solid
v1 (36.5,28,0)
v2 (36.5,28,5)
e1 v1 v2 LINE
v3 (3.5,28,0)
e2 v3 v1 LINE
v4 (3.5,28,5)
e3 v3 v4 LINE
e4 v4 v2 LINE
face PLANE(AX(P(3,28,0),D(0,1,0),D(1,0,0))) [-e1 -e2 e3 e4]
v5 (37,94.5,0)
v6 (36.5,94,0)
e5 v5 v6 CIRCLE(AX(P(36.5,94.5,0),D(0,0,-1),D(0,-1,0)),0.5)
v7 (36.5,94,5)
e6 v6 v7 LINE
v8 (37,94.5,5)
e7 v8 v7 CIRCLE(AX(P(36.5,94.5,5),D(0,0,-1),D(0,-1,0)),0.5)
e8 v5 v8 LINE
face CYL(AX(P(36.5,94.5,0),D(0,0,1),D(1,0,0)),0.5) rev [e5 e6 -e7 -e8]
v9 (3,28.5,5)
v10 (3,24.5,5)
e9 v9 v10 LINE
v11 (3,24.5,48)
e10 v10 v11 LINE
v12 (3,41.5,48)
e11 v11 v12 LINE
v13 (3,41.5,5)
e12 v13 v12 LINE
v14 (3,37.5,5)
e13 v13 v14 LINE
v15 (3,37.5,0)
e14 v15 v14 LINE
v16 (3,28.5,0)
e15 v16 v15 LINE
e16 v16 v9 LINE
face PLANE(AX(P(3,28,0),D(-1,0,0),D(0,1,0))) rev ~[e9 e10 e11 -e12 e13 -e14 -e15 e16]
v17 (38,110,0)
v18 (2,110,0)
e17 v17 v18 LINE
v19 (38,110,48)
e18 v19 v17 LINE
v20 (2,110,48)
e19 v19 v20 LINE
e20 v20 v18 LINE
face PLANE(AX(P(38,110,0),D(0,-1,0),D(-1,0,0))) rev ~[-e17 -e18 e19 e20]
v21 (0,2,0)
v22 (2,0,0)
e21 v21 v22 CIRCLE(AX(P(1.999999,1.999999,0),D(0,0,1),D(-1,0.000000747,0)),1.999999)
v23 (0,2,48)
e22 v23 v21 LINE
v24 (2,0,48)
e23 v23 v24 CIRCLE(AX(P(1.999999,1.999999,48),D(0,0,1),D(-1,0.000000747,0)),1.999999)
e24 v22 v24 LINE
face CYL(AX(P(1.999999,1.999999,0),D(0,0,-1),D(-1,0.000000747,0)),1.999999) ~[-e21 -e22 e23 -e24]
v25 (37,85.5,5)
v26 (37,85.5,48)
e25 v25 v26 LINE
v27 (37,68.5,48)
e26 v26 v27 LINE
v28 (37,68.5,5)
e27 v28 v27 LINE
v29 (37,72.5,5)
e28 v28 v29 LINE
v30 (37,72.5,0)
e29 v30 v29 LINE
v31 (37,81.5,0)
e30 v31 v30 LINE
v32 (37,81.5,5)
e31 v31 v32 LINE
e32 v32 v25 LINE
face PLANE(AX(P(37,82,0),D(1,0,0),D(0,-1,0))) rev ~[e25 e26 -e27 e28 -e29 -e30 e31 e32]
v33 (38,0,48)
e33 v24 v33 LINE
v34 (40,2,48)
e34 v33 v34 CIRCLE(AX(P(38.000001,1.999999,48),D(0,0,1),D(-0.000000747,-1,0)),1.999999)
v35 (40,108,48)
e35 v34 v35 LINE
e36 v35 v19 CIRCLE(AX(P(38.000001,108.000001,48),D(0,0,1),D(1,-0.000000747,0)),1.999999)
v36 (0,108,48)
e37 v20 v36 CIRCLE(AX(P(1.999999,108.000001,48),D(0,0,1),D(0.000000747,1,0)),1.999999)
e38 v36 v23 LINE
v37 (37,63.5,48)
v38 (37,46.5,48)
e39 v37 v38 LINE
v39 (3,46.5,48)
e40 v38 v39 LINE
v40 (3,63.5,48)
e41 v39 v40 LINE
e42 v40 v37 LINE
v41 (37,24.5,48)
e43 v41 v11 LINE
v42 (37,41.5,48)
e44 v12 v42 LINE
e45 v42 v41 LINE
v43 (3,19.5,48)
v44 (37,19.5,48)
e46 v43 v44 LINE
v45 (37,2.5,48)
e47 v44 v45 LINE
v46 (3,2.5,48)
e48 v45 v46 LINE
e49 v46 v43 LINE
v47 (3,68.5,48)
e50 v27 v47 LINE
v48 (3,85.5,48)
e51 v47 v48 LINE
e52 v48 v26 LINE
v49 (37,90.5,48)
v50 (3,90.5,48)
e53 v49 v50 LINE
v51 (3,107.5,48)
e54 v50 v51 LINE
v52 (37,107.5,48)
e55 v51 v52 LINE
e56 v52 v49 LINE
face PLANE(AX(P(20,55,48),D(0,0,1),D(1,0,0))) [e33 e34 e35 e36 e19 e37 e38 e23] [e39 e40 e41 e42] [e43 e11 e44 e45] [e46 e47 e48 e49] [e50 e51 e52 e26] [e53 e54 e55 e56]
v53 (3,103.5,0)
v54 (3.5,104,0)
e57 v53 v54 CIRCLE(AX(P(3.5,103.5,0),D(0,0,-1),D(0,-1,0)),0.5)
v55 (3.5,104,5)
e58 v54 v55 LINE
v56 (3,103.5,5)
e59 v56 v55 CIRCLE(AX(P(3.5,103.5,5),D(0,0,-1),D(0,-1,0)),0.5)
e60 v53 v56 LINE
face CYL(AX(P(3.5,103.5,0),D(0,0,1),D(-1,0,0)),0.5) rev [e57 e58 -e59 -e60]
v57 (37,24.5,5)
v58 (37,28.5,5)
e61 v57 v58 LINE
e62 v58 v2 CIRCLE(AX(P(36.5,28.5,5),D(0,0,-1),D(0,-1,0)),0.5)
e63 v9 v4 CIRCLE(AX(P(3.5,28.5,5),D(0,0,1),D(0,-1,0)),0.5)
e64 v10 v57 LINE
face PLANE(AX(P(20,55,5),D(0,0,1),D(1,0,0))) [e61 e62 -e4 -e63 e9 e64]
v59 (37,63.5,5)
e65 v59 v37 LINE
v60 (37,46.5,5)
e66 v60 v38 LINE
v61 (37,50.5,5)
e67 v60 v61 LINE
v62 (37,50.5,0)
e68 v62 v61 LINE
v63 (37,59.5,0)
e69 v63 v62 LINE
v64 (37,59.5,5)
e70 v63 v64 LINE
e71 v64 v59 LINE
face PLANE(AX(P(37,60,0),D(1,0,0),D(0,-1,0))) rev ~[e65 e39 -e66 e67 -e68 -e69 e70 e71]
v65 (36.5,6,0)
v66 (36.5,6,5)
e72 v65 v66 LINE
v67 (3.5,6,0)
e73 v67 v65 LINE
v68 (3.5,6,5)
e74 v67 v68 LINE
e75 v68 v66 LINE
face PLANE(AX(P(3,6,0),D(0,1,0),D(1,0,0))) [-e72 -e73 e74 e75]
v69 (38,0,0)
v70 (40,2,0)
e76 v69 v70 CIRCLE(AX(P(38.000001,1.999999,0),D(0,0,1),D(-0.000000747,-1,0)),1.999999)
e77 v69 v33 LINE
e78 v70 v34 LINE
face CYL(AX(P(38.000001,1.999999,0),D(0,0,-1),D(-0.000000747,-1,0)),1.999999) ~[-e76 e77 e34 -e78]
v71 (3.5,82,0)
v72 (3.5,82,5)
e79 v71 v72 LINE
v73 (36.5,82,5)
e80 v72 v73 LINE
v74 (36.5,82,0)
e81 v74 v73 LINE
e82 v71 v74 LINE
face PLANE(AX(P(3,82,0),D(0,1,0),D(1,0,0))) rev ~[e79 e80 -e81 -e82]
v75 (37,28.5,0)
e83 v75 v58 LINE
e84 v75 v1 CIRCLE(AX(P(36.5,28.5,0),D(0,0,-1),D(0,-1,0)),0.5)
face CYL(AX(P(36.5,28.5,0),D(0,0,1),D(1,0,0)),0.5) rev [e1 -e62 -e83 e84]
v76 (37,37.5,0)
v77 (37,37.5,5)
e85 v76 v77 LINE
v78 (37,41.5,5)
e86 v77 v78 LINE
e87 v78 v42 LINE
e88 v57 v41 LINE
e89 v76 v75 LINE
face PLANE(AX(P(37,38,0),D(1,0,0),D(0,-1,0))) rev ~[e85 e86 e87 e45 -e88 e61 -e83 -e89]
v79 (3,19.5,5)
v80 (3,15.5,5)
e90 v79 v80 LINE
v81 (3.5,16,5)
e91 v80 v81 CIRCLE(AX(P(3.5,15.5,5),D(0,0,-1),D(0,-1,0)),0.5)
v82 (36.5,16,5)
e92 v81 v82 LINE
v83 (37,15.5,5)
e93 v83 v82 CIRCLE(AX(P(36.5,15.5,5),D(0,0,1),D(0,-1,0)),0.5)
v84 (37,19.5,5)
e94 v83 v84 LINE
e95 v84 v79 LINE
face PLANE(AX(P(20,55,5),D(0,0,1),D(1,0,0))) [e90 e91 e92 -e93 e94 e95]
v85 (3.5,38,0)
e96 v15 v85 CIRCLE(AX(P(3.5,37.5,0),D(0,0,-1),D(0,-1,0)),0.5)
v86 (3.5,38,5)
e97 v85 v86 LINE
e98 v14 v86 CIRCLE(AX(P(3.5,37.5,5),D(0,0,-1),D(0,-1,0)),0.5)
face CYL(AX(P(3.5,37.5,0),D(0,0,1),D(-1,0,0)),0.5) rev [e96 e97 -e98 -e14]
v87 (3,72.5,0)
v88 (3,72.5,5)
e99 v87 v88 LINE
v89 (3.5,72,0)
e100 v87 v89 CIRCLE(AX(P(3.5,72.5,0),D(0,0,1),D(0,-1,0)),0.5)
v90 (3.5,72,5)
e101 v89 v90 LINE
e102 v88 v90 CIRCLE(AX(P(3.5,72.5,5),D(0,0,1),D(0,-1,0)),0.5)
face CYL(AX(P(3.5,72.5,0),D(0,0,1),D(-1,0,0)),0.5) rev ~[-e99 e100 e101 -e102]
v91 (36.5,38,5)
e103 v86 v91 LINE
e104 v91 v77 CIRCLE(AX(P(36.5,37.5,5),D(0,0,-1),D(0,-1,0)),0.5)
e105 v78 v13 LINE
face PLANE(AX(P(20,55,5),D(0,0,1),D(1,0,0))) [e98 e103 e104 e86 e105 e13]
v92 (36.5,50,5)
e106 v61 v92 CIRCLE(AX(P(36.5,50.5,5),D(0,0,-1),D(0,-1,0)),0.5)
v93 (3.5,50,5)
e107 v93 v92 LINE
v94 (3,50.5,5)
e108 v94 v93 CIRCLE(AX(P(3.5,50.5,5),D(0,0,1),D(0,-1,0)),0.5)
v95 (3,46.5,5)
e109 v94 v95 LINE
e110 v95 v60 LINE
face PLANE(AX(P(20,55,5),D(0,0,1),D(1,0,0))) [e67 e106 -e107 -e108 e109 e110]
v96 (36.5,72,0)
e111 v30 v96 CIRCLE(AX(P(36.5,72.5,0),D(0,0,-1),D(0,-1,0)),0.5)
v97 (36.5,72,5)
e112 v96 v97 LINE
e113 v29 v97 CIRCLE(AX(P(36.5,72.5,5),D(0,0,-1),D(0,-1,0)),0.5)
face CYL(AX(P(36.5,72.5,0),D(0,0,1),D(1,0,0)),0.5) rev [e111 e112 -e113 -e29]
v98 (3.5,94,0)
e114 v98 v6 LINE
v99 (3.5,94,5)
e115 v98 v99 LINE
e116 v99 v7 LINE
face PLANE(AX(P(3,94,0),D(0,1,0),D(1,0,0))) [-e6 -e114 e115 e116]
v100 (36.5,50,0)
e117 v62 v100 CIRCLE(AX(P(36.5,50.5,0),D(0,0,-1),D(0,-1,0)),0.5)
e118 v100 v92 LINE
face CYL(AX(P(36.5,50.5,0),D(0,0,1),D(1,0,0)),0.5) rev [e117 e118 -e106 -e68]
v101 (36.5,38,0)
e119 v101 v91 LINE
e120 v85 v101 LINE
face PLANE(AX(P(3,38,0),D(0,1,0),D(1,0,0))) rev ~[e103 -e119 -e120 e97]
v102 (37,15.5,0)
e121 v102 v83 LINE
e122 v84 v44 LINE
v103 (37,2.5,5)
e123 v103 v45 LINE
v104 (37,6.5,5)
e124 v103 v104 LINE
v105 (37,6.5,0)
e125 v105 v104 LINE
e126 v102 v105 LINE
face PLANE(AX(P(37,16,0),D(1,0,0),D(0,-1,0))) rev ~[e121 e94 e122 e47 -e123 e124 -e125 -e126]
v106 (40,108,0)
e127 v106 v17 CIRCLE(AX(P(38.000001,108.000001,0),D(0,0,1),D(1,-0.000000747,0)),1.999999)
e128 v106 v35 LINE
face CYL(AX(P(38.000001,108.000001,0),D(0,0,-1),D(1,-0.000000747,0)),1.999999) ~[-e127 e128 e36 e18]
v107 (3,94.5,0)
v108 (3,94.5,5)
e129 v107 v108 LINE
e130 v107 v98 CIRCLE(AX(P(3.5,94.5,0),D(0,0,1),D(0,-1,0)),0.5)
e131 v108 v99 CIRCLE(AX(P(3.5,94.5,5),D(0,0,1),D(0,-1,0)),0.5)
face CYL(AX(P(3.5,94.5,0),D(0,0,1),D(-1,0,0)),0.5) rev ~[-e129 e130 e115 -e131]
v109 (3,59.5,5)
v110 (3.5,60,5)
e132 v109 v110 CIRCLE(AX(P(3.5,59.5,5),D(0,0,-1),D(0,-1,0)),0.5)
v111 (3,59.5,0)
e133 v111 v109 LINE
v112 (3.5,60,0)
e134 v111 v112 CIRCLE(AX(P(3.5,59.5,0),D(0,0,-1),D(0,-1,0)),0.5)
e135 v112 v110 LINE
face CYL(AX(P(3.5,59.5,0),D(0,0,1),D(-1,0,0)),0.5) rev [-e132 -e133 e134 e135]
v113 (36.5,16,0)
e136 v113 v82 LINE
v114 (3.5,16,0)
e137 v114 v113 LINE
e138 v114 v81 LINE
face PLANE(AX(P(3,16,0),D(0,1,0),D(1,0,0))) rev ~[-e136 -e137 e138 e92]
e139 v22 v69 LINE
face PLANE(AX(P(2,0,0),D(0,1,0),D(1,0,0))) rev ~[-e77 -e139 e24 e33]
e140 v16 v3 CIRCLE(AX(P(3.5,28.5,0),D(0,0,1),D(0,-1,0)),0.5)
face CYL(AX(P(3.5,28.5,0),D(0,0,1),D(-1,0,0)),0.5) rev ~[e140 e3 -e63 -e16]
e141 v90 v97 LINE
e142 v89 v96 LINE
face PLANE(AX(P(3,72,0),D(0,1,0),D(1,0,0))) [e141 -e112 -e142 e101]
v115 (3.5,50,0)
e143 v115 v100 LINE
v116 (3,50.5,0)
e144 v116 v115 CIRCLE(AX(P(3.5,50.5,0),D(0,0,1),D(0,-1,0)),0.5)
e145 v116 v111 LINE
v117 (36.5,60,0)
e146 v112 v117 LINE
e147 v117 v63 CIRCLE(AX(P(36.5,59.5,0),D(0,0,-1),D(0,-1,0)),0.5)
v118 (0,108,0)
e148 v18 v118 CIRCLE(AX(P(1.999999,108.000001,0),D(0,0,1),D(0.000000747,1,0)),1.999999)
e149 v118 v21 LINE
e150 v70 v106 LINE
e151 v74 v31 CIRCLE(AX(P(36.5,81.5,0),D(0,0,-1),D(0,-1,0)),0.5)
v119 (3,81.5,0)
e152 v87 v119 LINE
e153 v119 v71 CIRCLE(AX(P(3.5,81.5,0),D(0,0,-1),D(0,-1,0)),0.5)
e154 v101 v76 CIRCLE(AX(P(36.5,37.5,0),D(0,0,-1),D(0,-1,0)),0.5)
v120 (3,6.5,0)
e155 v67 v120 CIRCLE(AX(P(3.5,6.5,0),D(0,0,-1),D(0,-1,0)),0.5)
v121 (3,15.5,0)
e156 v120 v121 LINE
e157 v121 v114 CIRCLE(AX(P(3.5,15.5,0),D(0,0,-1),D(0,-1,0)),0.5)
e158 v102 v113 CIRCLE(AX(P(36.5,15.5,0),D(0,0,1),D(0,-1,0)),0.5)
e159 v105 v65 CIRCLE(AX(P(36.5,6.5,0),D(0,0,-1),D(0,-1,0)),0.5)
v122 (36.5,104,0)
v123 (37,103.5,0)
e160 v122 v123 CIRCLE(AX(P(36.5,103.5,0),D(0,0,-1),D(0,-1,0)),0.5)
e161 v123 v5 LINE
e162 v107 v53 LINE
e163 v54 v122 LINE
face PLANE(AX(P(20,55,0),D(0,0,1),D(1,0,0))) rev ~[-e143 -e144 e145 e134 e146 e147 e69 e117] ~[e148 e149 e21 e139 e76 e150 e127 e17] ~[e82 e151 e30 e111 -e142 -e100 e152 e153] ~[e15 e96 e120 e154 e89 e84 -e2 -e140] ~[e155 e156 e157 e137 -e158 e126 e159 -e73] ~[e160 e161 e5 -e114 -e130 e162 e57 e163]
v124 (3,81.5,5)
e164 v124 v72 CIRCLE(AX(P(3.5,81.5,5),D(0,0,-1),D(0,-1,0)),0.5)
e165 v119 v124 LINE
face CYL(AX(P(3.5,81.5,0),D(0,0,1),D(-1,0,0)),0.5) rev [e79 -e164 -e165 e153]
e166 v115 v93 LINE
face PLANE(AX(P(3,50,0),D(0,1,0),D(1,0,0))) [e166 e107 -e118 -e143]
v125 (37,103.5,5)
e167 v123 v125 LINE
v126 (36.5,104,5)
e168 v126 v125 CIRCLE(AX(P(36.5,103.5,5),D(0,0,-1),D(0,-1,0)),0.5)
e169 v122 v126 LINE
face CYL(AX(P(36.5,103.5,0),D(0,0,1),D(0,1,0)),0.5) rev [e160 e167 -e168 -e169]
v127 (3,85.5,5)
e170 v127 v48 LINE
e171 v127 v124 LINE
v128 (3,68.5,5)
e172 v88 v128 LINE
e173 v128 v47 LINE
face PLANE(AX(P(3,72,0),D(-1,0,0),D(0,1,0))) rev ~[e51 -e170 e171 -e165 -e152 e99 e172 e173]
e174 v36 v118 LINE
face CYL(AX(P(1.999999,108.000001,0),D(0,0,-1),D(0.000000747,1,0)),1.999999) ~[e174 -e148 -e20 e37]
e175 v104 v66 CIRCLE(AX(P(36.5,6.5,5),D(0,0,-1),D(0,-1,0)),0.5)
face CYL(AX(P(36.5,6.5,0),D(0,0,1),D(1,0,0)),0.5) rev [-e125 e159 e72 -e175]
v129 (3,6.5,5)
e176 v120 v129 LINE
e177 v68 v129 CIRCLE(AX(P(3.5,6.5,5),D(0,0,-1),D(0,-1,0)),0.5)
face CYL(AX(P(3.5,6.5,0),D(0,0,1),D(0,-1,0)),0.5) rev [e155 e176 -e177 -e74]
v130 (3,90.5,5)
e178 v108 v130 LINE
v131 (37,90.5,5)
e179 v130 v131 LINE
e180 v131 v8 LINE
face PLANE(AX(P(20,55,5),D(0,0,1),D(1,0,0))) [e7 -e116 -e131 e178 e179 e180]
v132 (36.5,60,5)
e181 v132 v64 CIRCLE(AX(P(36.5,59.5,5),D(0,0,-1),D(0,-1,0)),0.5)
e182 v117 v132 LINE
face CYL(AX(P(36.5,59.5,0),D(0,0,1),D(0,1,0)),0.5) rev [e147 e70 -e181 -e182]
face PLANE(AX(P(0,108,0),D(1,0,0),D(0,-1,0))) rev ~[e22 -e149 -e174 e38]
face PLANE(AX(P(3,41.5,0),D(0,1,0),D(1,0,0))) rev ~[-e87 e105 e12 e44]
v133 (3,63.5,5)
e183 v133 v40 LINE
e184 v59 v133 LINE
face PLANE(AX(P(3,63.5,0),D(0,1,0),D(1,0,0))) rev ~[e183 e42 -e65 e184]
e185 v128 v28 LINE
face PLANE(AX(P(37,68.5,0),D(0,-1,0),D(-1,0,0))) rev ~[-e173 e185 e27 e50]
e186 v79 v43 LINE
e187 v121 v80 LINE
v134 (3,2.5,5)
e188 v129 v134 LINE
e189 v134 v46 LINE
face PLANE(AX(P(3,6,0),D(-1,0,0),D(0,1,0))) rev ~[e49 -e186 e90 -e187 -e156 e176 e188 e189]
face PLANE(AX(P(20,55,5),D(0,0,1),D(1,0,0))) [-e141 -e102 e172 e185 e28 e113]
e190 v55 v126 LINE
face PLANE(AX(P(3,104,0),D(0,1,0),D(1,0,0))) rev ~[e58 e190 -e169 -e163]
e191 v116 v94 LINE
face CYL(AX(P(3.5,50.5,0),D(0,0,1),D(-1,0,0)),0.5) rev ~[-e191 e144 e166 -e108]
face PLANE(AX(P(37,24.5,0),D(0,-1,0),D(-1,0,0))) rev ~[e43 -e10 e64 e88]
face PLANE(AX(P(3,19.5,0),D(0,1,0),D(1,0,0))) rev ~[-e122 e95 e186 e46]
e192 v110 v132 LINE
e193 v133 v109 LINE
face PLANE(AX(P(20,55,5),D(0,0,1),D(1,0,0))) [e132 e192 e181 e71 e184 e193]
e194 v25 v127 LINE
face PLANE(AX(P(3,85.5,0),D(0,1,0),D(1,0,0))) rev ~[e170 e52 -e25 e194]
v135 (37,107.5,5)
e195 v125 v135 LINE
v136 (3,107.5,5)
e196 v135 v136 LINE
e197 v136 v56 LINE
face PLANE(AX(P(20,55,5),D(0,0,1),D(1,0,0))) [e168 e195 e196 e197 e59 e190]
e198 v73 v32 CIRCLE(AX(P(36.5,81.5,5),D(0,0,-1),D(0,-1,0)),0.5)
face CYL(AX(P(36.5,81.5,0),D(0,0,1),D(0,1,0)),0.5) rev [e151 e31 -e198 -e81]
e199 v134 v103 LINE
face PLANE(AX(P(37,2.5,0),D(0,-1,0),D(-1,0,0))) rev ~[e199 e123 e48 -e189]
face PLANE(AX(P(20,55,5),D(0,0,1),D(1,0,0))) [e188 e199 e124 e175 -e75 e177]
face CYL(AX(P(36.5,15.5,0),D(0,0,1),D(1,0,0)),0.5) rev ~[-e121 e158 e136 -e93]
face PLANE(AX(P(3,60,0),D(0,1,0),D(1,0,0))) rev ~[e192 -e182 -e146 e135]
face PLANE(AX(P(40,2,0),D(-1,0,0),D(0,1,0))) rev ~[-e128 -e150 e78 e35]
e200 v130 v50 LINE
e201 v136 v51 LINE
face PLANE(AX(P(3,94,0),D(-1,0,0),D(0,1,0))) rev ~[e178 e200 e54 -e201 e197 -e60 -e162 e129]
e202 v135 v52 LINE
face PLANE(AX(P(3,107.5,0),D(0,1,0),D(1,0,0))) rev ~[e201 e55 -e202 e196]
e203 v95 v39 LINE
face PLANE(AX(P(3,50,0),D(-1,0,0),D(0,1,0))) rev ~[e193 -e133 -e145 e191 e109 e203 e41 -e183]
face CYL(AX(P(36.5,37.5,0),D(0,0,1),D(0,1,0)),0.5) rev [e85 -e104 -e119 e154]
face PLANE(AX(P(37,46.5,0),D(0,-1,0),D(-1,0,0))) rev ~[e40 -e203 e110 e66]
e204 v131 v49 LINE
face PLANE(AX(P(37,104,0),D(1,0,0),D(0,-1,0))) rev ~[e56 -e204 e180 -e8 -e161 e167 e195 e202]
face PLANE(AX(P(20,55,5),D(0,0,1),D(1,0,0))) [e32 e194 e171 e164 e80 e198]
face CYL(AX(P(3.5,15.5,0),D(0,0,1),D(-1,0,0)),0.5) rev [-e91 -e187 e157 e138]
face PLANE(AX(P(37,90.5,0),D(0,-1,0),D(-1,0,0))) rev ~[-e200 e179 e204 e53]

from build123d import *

# Parameters (mm, degrees)
F0_W     = 34
F0_H     = 3.5
F1_DEPTH = 5
F2_R     = 0.5
F3_DEPTH = 48


with BuildPart() as f1:
    # F0 (on Top) → F1 (new body)
    with BuildSketch(Plane.XY):
        with BuildLine():
            ThreePointArc((0, 2), (0.585786, 0.585786), (2, 0))
            Line((2, 0), (38, 0))
            ThreePointArc((38, 0), (39.414214, 0.585786), (40, 2))
            Line((40, 2), (40, 108))
            ThreePointArc((40, 108), (39.414214, 109.414214), (38, 110))
            Line((38, 110), (2, 110))
            ThreePointArc((2, 110), (0.585786, 109.414214), (0, 108))
            Line((0, 108), (0, 2))
        make_face()
        Polygon((37, 2.5), (3, 2.5), (3, 6), (3, 16), (3, 19.5), (37, 19.5), (37, 16), (37, 6), align=None, mode=Mode.SUBTRACT)
        Polygon((3, 38), (3, 41.5), (37, 41.5), (37, 38), (37, 28), (37, 24.5), (3, 24.5), (3, 28), align=None, mode=Mode.SUBTRACT)
        Polygon((3, 60), (3, 63.5), (37, 63.5), (37, 60), (37, 50), (37, 46.5), (3, 46.5), (3, 50), align=None, mode=Mode.SUBTRACT)
        Polygon((3, 82), (3, 85.5), (37, 85.5), (37, 82), (37, 72), (37, 68.5), (3, 68.5), (3, 72), align=None, mode=Mode.SUBTRACT)
        Polygon((3, 104), (3, 107.5), (37, 107.5), (37, 104), (37, 94), (37, 90.5), (3, 90.5), (3, 94), align=None, mode=Mode.SUBTRACT)
        with Locations((20, 17.75)):
            Rectangle(F0_W, F0_H)
        with Locations((20, 39.75)):
            Rectangle(F0_W, F0_H)
        with Locations((20, 61.75)):
            Rectangle(F0_W, F0_H)
        with Locations((20, 83.75)):
            Rectangle(F0_W, F0_H)
        with Locations((20, 105.75)):
            Rectangle(F0_W, F0_H)
        with Locations((20, 92.25)):
            Rectangle(F0_W, F0_H)
        with Locations((20, 70.25)):
            Rectangle(F0_W, F0_H)
        with Locations((20, 48.25)):
            Rectangle(F0_W, F0_H)
        with Locations((20, 26.25)):
            Rectangle(F0_W, F0_H)
        with Locations((20, 4.25)):
            Rectangle(F0_W, F0_H)
    extrude(amount=F1_DEPTH)

    # F2
    f2_edges = [f1.edges().sort_by_distance(p)[0] for p in [
        (3, 28, 2.5),
        (3, 6, 2.5),
        (3, 50, 2.5),
        (3, 72, 2.5),
        (3, 94, 2.5),
        (3, 104, 2.5),
        (3, 82, 2.5),
        (3, 60, 2.5),
        (3, 38, 2.5),
        (3, 16, 2.5),
        (37, 104, 2.5),
        (37, 82, 2.5),
        (37, 60, 2.5),
        (37, 38, 2.5),
        (37, 16, 2.5),
        (37, 6, 2.5),
        (37, 28, 2.5),
        (37, 50, 2.5),
        (37, 72, 2.5),
        (37, 94, 2.5),
    ]]
    fillet(f2_edges, radius=F2_R)

    # F0 (on Top) → F3 (join)
    with BuildSketch(Plane.XY):
        with BuildLine():
            ThreePointArc((0, 2), (0.585786, 0.585786), (2, 0))
            Line((2, 0), (38, 0))
            ThreePointArc((38, 0), (39.414214, 0.585786), (40, 2))
            Line((40, 2), (40, 108))
            ThreePointArc((40, 108), (39.414214, 109.414214), (38, 110))
            Line((38, 110), (2, 110))
            ThreePointArc((2, 110), (0.585786, 109.414214), (0, 108))
            Line((0, 108), (0, 2))
        make_face()
        Polygon((37, 2.5), (3, 2.5), (3, 6), (3, 16), (3, 19.5), (37, 19.5), (37, 16), (37, 6), align=None, mode=Mode.SUBTRACT)
        Polygon((3, 38), (3, 41.5), (37, 41.5), (37, 38), (37, 28), (37, 24.5), (3, 24.5), (3, 28), align=None, mode=Mode.SUBTRACT)
        Polygon((3, 60), (3, 63.5), (37, 63.5), (37, 60), (37, 50), (37, 46.5), (3, 46.5), (3, 50), align=None, mode=Mode.SUBTRACT)
        Polygon((3, 82), (3, 85.5), (37, 85.5), (37, 82), (37, 72), (37, 68.5), (3, 68.5), (3, 72), align=None, mode=Mode.SUBTRACT)
        Polygon((3, 104), (3, 107.5), (37, 107.5), (37, 104), (37, 94), (37, 90.5), (3, 90.5), (3, 94), align=None, mode=Mode.SUBTRACT)
    extrude(amount=F3_DEPTH)


solid = f1.part
